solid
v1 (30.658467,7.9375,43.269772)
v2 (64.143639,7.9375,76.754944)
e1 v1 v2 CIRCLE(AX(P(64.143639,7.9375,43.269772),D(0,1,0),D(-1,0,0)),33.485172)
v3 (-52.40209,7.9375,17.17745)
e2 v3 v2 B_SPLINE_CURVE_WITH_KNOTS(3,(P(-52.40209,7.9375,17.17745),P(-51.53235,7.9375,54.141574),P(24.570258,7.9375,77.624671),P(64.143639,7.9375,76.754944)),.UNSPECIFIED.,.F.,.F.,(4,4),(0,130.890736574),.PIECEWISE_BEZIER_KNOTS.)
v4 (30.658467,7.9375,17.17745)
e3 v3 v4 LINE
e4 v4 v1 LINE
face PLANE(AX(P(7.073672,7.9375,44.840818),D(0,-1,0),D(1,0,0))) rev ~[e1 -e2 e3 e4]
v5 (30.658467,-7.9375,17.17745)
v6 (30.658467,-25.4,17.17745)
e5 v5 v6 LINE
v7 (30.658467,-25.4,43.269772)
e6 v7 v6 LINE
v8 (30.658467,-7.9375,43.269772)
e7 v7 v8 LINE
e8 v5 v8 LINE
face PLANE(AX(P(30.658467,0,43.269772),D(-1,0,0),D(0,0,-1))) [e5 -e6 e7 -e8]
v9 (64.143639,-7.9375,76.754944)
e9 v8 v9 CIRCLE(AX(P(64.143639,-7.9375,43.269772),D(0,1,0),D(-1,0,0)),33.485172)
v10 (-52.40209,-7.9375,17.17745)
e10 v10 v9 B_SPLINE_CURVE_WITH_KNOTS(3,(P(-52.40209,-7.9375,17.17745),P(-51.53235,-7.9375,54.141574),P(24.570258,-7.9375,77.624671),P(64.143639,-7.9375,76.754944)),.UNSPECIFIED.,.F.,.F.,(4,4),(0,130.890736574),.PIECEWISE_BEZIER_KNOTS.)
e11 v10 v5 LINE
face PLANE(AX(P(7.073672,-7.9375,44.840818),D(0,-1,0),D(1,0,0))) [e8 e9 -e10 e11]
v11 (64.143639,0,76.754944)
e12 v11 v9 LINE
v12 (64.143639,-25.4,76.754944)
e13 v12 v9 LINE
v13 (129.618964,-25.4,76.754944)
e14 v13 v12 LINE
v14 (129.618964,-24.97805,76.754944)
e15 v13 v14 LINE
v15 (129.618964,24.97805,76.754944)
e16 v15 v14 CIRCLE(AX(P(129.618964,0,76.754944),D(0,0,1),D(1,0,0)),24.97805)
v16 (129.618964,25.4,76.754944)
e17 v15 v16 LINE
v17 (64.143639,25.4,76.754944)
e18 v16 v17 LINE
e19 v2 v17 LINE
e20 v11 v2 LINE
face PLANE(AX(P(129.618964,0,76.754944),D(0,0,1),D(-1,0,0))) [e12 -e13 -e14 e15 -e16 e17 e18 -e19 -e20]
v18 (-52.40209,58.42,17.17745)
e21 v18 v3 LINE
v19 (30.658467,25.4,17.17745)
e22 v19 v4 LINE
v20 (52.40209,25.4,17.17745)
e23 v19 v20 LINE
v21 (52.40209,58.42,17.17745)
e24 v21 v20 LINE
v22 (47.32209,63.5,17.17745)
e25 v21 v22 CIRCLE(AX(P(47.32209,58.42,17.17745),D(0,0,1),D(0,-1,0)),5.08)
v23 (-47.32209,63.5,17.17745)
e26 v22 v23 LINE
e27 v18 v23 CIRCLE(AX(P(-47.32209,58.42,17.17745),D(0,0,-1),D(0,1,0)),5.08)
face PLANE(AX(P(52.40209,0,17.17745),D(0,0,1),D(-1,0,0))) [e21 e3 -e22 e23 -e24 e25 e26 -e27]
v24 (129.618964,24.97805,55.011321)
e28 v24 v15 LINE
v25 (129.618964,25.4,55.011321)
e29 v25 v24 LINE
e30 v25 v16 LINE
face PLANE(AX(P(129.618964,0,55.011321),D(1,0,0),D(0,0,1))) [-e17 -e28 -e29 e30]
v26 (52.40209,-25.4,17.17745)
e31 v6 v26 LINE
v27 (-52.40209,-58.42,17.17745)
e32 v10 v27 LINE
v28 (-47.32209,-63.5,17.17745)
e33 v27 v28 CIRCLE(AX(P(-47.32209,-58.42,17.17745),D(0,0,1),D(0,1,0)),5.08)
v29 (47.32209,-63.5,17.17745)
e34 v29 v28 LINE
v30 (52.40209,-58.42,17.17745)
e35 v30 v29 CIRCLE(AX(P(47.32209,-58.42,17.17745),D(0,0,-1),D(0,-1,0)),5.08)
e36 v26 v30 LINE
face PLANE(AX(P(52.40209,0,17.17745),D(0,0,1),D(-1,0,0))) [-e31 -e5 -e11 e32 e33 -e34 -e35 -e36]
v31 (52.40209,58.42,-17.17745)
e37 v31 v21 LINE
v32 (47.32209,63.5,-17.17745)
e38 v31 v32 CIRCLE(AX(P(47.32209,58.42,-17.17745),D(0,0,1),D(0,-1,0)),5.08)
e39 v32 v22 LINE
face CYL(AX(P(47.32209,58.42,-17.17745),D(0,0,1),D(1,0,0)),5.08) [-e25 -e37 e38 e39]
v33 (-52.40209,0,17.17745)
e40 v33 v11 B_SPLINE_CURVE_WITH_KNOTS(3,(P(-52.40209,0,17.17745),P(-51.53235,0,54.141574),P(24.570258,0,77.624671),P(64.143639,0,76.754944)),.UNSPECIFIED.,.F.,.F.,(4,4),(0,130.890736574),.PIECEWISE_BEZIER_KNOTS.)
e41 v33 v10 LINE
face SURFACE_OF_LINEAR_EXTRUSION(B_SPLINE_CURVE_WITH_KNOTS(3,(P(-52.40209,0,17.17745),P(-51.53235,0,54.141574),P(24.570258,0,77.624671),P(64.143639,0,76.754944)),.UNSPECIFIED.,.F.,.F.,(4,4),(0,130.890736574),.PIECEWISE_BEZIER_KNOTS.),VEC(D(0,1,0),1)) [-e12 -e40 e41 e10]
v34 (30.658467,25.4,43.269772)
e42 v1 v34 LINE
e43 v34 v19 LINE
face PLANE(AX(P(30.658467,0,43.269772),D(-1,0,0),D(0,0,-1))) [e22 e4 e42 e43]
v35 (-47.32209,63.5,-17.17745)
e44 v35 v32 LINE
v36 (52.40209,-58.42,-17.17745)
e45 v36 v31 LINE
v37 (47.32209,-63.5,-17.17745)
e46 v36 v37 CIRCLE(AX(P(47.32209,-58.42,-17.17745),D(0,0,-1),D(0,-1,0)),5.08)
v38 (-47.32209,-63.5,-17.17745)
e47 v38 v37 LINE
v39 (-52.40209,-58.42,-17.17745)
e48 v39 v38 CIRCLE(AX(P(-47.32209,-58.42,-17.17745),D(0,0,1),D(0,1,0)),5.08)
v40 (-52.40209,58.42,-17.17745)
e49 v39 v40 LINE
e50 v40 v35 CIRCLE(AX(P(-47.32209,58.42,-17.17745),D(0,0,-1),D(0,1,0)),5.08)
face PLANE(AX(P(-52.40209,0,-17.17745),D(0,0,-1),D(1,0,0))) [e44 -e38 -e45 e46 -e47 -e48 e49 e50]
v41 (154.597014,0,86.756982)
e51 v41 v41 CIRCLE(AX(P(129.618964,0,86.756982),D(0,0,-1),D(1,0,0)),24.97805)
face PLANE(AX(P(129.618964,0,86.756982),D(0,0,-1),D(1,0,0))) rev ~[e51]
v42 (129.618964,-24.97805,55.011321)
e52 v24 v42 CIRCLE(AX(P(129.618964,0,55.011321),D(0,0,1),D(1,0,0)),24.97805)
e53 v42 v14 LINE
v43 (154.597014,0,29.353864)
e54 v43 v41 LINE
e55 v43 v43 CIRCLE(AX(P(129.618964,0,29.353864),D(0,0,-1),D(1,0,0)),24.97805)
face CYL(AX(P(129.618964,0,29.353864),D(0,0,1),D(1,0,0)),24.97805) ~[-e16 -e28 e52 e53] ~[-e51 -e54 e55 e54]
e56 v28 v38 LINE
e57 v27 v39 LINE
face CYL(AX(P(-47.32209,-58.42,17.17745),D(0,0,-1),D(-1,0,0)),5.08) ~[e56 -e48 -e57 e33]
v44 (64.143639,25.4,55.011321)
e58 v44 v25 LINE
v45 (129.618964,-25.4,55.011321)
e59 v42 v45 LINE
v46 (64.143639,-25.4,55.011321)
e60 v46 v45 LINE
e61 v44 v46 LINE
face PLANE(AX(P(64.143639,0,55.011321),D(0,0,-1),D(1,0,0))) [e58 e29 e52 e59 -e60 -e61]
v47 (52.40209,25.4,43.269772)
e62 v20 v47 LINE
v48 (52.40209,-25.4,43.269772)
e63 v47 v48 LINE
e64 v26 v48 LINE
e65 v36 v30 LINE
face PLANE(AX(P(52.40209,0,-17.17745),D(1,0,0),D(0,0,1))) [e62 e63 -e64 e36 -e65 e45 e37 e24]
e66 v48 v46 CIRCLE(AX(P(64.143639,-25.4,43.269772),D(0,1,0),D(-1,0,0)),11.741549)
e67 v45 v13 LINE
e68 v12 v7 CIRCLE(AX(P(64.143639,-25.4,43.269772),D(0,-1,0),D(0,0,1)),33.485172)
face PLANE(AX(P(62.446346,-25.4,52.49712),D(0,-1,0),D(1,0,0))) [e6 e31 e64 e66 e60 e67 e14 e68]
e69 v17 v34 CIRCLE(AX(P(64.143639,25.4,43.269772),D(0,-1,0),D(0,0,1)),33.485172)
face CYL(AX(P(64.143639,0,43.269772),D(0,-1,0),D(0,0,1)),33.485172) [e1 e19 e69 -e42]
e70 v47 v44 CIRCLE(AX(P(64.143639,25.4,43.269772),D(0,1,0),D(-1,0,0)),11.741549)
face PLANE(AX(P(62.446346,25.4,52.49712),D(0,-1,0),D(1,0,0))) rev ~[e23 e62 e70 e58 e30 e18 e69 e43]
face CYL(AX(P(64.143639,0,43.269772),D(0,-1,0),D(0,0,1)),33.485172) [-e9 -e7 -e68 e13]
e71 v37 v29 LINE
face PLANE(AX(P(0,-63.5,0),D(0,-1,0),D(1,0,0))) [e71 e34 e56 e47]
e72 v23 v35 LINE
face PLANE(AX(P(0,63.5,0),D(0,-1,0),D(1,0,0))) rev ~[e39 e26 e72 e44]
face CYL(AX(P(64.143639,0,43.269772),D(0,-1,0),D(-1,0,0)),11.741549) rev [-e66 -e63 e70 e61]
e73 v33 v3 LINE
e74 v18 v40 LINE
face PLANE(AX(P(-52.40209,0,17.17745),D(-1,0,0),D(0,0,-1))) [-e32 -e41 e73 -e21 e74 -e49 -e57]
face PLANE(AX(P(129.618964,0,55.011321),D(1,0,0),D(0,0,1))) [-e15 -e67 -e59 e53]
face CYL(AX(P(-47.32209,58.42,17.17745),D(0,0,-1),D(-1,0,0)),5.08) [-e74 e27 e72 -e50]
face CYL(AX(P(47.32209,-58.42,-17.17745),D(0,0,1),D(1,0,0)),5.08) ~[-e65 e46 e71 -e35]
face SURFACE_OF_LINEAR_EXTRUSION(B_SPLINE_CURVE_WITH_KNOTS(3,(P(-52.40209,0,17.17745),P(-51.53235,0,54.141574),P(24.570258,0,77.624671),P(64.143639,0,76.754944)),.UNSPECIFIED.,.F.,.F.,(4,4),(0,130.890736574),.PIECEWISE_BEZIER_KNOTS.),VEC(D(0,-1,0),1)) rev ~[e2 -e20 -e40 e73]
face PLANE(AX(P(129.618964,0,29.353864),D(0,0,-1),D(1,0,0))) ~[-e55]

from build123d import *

# Parameters (mm, degrees)
F1_DEPTH = 63.5
F0_W     = 25.4670892687
F0_H     = 21.7436235398
F2_DEPTH = 25.4
F3_DEPTH = 7.9375
F5_R     = 5.08


with BuildPart() as f1:
    # F0 (on Front) → F1 (new body, symmetric)
    with BuildSketch(Plane.XZ):
        Polygon((52.4020902812, -17.1774495393), (52.4020902812, 17.1774495393), (30.6584667414, 17.1774495393), (-52.4020902812, 17.1774495393), (-52.4020902812, -17.1774495393), align=None)
    extrude(amount=F1_DEPTH, both=True)

    # F0 (on Front) → F2 (join, symmetric)
    with BuildSketch(Plane.XZ):
        with BuildLine():
            Line((30.6584667414, 17.1774495393), (52.4020902812, 17.1774495393))
            Line((52.4020902812, 17.1774495393), (52.4020902812, 43.2697720826))
            ThreePointArc((52.4020902812, 43.2697720826), (55.8411102963, 51.5723008442), (64.1436390579, 55.0113208592))
            Line((64.1436390579, 55.0113208592), (104.1518747807, 55.0113208592))
            Line((104.1518747807, 55.0113208592), (104.1518747807, 76.754944399))
            Line((104.1518747807, 76.754944399), (64.1436390579, 76.754944399))
            ThreePointArc((64.1436390579, 76.754944399), (40.4660466437, 66.9473644967), (30.6584667414, 43.2697720826))
            Line((30.6584667414, 43.2697720826), (30.6584667414, 17.1774495393))
        make_face()
        with Locations((116.885419415, 65.8831326291)):
            Rectangle(F0_W, F0_H)
    extrude(amount=F2_DEPTH, both=True)

    # F0 (on Front) → F3 (join, symmetric)
    with BuildSketch(Plane.XZ):
        with BuildLine():
            Line((-52.4020902812, 17.1774495393), (30.6584667414, 17.1774495393))
            Line((30.6584667414, 17.1774495393), (30.6584667414, 43.2697720826))
            ThreePointArc((30.6584667414, 43.2697720826), (40.4660466437, 66.9473644967), (64.1436390579, 76.754944399))
            add(Edge.make_bspline(
                [(-52.4020902812, 17.1774495393), (-51.5323504806, 54.1415736079), (24.5702583343, 77.6246711612), (64.1436390579, 76.754944399)],
                knots=[0, 0, 0, 0, 130.8907365743, 130.8907365743, 130.8907365743, 130.8907365743], degree=3))
        make_face()
    extrude(amount=F3_DEPTH, both=True)

    # F0 (on Front) → F4 (revolve)
    with BuildSketch(Plane.XZ):
        Polygon((129.6189640493, 76.754944399), (129.6189640493, 55.0113208592), (129.6189640493, 29.353864491), (154.5970141888, 29.353864491), (154.5970141888, 86.7569819093), (129.6189640493, 86.7569819093), align=None)
    revolve(axis=Axis((129.6189640493, 0, 58.0554232001), (0, 0, -1)))

    # F5
    f5_edges = [f1.edges().sort_by_distance(p)[0] for p in [
        (-52.40209, -63.5, 0),
        (52.40209, -63.5, 0),
        (52.40209, 63.5, 0),
        (-52.40209, 63.5, 0),
    ]]
    fillet(f5_edges, radius=F5_R)


solid = f1.part
